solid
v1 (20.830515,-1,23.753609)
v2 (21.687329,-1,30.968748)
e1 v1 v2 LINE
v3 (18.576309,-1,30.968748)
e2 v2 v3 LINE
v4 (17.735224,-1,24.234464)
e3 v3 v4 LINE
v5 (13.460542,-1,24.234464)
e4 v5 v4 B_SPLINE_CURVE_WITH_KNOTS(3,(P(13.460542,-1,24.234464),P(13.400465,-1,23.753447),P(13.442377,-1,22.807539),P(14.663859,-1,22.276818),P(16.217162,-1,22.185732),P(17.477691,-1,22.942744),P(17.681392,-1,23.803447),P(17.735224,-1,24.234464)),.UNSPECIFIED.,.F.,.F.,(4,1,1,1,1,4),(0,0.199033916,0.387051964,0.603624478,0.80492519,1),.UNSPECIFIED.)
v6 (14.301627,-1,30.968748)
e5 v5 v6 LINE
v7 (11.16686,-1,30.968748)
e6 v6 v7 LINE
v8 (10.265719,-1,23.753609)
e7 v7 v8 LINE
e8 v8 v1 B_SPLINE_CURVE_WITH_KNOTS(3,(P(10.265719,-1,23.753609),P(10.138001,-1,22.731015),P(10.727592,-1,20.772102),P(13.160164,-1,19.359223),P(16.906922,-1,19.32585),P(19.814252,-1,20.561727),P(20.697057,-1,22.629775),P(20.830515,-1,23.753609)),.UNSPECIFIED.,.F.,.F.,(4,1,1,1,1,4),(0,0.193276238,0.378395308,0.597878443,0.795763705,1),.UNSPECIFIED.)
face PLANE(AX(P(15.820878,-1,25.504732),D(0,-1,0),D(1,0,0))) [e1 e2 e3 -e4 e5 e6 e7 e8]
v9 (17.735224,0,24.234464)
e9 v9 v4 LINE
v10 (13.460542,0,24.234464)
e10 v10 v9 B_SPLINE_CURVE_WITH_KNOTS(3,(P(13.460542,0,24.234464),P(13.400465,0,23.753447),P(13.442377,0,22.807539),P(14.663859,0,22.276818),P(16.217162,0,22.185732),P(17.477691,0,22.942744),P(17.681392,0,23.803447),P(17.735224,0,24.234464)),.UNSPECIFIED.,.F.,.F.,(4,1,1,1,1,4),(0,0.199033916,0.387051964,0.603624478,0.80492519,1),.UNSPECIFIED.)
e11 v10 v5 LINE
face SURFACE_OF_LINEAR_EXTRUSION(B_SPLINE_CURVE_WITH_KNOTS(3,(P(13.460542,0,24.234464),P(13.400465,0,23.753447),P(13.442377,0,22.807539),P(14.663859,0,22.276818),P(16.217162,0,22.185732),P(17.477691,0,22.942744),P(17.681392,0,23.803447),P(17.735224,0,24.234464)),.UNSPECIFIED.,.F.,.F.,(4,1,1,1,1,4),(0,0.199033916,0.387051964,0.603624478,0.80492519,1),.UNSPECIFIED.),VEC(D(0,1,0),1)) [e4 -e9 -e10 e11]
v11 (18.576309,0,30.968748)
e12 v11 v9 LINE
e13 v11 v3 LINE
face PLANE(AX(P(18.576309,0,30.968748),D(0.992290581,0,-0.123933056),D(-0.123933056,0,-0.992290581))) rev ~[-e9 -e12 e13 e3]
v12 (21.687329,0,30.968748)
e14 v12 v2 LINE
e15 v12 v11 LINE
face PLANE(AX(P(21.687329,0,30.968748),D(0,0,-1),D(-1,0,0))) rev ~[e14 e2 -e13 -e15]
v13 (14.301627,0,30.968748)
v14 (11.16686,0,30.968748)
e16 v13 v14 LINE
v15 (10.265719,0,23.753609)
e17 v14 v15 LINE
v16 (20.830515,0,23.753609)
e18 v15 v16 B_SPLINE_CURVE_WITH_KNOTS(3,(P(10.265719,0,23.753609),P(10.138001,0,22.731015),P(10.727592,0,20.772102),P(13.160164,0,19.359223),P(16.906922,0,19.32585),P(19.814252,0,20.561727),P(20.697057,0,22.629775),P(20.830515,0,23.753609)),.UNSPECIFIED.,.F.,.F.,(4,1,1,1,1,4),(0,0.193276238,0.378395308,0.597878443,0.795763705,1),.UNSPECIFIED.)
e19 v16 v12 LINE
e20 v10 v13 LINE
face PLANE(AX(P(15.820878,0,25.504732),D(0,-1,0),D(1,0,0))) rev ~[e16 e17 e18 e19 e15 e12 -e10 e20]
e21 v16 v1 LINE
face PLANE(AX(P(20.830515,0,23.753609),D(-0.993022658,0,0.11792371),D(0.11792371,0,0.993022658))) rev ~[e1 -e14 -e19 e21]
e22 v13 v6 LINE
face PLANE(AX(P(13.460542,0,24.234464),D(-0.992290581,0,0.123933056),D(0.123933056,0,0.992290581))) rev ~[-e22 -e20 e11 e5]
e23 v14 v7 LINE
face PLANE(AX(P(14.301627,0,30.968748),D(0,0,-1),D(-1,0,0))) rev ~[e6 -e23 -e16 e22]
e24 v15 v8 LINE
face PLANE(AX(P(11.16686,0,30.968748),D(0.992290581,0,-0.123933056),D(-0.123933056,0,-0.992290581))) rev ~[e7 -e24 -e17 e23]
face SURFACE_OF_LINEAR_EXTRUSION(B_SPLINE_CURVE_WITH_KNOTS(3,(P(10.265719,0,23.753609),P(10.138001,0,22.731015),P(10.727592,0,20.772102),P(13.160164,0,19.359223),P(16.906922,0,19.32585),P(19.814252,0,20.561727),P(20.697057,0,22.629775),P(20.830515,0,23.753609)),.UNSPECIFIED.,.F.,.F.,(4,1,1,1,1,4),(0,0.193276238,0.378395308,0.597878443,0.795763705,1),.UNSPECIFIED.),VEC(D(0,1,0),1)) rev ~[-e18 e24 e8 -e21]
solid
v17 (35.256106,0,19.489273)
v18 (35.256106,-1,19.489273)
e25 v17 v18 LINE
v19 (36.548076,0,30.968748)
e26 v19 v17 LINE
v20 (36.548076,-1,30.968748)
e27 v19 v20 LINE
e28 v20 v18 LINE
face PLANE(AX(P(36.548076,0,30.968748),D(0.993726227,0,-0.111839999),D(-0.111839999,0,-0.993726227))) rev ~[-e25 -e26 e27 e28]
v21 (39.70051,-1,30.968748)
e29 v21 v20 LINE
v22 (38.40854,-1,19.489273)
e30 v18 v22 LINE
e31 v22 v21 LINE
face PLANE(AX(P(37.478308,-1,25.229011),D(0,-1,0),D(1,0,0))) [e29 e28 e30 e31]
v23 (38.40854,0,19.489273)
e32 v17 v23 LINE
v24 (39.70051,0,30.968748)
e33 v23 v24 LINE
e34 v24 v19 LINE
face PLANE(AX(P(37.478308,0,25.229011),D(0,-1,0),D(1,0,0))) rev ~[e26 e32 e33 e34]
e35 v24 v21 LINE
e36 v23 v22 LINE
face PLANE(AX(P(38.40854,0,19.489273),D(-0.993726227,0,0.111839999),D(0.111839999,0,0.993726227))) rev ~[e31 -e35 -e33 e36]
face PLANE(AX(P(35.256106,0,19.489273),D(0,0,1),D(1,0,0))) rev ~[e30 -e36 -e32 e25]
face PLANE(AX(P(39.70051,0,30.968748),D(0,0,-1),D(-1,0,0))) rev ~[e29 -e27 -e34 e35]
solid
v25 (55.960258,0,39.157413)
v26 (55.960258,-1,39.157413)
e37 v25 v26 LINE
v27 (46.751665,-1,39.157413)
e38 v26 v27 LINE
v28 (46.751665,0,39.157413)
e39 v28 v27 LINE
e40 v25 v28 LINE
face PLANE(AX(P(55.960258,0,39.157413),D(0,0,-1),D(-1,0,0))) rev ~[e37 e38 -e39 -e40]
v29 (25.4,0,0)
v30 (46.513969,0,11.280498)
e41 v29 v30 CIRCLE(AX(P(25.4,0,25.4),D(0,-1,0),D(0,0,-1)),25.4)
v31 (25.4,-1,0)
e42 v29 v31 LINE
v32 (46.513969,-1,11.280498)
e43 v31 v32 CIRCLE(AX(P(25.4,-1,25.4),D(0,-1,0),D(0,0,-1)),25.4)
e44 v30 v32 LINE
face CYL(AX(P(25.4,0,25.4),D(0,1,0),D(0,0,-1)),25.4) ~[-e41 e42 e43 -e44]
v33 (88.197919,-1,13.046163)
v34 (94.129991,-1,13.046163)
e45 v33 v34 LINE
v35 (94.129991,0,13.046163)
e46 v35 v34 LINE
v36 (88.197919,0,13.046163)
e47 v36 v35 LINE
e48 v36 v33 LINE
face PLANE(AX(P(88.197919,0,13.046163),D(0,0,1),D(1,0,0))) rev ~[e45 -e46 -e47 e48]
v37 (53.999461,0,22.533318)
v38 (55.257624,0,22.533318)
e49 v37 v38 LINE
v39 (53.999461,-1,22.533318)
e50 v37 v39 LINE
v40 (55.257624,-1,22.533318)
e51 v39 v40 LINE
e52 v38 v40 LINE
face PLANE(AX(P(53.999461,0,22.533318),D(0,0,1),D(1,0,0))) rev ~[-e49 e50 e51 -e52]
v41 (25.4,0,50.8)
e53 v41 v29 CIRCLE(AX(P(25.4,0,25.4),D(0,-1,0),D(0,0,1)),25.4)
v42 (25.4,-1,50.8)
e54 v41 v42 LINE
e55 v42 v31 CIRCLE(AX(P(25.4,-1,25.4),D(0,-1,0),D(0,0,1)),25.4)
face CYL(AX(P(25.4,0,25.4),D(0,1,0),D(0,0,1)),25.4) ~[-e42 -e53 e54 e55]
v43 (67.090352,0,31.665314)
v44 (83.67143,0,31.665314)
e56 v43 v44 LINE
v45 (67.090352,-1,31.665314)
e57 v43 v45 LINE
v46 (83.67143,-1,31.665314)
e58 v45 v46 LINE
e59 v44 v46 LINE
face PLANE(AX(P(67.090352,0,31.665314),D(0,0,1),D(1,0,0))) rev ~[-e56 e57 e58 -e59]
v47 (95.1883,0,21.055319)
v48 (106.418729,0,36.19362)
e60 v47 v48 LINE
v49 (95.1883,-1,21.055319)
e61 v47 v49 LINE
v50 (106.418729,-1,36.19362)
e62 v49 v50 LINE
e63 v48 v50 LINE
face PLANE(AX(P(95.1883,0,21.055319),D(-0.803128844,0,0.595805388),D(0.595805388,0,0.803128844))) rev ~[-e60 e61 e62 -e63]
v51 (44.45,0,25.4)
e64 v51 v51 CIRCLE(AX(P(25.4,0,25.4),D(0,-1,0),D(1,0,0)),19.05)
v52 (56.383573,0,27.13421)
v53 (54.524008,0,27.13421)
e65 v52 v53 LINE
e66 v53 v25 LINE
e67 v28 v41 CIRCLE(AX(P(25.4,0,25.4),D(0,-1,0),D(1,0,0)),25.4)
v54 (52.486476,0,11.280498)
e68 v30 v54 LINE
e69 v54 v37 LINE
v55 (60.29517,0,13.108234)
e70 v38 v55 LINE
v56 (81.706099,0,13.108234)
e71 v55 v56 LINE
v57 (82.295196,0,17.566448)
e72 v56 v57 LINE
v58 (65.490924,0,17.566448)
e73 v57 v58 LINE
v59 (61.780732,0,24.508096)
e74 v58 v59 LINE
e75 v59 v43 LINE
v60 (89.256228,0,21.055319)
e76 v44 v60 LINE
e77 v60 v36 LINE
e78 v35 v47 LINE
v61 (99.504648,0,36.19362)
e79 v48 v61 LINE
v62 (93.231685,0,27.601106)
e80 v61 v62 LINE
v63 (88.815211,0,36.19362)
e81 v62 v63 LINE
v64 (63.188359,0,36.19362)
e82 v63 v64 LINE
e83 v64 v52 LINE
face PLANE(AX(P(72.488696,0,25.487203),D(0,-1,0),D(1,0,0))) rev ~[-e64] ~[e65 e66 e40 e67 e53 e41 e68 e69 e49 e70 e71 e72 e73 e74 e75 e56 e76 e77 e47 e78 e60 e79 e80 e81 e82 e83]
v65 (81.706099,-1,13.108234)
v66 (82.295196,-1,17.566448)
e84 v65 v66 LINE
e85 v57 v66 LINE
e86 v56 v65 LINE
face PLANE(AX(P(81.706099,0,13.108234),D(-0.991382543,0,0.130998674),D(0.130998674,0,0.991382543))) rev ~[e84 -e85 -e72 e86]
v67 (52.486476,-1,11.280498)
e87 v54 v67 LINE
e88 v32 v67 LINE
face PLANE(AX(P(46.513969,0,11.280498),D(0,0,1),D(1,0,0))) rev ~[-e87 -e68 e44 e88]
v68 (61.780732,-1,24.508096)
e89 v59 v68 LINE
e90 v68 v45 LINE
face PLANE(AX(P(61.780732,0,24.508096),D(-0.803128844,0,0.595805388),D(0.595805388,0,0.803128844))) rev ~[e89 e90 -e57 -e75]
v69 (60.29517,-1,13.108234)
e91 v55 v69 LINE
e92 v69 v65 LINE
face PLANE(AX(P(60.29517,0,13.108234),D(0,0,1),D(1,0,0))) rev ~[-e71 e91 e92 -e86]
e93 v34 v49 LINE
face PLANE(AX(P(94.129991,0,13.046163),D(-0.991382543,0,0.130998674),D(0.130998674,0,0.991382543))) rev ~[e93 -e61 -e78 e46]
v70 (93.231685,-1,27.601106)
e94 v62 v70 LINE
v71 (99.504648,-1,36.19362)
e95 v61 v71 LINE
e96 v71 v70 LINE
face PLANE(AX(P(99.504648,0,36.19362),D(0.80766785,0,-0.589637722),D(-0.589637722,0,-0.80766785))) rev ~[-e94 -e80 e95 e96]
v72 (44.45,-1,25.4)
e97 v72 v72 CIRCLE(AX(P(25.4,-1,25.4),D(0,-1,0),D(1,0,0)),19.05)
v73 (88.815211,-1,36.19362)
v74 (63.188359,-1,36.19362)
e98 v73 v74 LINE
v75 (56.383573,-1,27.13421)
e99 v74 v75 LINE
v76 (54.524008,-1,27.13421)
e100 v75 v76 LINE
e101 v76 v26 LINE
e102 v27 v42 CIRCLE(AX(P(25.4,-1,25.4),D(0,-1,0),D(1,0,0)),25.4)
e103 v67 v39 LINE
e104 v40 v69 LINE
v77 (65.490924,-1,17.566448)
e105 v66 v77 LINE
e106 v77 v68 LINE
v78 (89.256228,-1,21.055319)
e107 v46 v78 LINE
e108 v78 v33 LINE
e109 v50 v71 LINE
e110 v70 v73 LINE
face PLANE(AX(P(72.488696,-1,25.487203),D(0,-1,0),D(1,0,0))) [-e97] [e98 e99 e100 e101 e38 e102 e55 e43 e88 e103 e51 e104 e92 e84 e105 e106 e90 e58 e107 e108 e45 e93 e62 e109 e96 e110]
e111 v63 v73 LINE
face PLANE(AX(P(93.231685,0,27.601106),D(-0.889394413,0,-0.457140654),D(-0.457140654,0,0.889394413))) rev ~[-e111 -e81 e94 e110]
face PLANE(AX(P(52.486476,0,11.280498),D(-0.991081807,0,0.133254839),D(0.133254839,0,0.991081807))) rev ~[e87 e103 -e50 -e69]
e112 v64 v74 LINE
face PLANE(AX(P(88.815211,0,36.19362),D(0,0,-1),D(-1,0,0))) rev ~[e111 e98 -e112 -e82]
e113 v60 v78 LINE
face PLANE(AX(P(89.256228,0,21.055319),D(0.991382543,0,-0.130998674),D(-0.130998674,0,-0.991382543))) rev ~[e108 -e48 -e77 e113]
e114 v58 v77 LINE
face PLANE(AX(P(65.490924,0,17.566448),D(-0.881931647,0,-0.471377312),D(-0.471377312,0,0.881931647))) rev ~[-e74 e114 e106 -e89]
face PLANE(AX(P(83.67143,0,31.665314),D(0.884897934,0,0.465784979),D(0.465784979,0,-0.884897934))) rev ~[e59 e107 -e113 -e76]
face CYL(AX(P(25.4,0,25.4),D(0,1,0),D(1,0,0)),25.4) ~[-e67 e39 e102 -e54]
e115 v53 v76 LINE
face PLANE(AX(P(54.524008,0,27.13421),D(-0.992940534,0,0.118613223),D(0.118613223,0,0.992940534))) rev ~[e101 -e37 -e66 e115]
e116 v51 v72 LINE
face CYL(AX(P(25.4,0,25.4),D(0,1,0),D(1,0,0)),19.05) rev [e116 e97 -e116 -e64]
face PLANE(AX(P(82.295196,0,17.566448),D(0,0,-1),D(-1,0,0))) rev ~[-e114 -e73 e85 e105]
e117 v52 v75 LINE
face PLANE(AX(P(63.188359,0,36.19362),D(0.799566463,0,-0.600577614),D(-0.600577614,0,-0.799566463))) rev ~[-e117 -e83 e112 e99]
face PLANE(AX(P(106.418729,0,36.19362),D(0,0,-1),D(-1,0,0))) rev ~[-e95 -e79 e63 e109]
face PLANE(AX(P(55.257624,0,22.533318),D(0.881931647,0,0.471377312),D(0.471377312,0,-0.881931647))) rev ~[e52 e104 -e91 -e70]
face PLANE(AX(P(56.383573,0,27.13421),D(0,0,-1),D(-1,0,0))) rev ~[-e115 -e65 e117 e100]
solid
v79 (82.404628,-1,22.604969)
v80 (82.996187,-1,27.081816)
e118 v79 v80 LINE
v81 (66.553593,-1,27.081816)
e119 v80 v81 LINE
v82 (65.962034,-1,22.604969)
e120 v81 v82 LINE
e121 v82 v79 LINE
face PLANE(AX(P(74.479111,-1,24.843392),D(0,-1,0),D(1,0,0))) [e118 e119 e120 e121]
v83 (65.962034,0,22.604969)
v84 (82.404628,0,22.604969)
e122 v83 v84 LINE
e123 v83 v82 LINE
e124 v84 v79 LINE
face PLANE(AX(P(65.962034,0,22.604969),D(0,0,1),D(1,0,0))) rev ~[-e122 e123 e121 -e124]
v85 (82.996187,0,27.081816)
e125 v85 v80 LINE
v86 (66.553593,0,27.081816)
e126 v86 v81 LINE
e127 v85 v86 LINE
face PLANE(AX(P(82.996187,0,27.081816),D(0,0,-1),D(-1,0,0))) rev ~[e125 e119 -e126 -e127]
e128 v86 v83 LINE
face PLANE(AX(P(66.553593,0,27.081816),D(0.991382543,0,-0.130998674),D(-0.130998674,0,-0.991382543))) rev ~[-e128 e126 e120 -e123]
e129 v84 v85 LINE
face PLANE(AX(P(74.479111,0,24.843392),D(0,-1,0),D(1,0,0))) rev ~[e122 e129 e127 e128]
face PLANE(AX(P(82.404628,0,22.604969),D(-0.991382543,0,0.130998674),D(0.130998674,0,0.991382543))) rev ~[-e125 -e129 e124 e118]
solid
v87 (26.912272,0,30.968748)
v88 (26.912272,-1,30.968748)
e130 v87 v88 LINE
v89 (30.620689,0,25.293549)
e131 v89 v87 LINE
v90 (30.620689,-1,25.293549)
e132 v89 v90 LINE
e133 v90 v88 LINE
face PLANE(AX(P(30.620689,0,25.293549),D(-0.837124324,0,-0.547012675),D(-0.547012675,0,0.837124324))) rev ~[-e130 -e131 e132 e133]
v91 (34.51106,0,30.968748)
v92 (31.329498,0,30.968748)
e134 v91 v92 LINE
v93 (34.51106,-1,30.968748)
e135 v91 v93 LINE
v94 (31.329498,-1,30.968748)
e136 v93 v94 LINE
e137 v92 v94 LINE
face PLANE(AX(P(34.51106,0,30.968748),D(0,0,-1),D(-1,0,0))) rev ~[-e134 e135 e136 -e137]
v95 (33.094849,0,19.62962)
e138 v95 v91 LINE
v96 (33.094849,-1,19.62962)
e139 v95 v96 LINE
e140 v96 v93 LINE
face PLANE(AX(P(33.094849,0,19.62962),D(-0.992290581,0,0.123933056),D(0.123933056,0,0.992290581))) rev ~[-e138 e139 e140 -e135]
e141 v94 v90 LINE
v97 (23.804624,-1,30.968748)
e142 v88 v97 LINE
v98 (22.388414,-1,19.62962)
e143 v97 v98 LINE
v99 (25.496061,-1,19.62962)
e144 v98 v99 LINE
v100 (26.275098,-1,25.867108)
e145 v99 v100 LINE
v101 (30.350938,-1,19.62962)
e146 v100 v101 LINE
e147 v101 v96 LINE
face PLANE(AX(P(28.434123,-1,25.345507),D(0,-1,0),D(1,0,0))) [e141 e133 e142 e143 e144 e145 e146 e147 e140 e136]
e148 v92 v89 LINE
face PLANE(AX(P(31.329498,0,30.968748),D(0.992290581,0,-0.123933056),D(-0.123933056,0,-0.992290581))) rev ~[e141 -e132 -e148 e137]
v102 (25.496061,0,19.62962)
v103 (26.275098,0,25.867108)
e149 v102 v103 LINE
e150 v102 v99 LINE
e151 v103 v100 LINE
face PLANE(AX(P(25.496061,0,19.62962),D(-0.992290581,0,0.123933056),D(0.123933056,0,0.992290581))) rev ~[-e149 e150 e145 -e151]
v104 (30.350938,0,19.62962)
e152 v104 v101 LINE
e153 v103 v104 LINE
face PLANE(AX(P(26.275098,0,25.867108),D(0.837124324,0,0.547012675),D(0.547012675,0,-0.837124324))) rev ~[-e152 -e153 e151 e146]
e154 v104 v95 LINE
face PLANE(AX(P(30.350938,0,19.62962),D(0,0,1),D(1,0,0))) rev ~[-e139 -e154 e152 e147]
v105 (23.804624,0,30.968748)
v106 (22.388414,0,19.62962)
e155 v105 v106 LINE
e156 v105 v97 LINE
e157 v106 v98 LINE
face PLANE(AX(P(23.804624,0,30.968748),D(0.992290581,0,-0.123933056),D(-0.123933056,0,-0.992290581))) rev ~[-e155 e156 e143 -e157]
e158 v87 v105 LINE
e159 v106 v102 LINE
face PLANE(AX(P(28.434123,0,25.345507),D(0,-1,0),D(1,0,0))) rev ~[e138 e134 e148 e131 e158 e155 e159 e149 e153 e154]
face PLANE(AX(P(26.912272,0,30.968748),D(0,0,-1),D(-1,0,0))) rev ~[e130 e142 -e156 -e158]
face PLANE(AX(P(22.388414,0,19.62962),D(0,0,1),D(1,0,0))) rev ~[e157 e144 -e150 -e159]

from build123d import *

# Parameters (mm, degrees)
F2_DEPTH = 1
F1_R     = 19.05


with BuildPart() as f2:
    # F1 (on Front) → F2 (new body)
    with BuildSketch(Plane.XZ):
        Polygon((82.9961871263, 27.0818155259), (66.5535926819, 27.0818155259), (65.9620339516, 22.6049686938), (82.404628396, 22.6049686938), align=None)
    extrude(amount=F2_DEPTH)


with BuildPart() as f2b:
    # F1 (on Front) → F2, piece 2 (new body)
    with BuildSketch(Plane.XZ):
        with BuildLine():
            ThreePointArc((46.7516648161, 39.1574128956), (49.7669067213, 32.5703456566), (50.8, 25.4))
            ThreePointArc((50.8, 25.4), (49.7048843477, 18.0221549998), (46.5139687522, 11.2804984674))
            Line((46.5139687522, 11.2804984674), (52.4864755571, 11.2804984674))
            Line((52.4864755571, 11.2804984674), (53.9994613201, 22.5333180279))
            Line((53.9994613201, 22.5333180279), (55.2576243713, 22.5333180279))
            Line((55.2576243713, 22.5333180279), (60.2951698917, 13.1082339212))
            Line((60.2951698917, 13.1082339212), (81.7060988754, 13.1082339212))
            Line((81.7060988754, 13.1082339212), (82.295195533, 17.5664480776))
            Line((82.295195533, 17.5664480776), (65.4909238219, 17.5664480776))
            Line((65.4909238219, 17.5664480776), (61.780732125, 24.5080962777))
            Line((61.780732125, 24.5080962777), (67.0903518244, 31.6653137458))
            Line((67.0903518244, 31.6653137458), (83.6714297758, 31.6653137458))
            Line((83.6714297758, 31.6653137458), (89.2562275008, 21.0553194691))
            Line((89.2562275008, 21.0553194691), (88.1979187112, 13.0461631343))
            Line((88.1979187112, 13.0461631343), (94.1299913311, 13.0461631343))
            Line((94.1299913311, 13.0461631343), (95.1883001206, 21.0553194691))
            Line((95.1883001206, 21.0553194691), (106.4187288825, 36.1936204135))
            Line((106.4187288825, 36.1936204135), (99.5046484973, 36.1936204135))
            Line((99.5046484973, 36.1936204135), (93.2316854596, 27.6011060923))
            Line((93.2316854596, 27.6011060923), (88.8152111079, 36.1936204135))
            Line((88.8152111079, 36.1936204135), (63.1883591413, 36.1936204135))
            Line((63.1883591413, 36.1936204135), (56.3835725188, 27.1342098713))
            Line((56.3835725188, 27.1342098713), (54.5240081847, 27.1342098713))
            Line((54.5240081847, 27.1342098713), (55.960258209, 39.1574128956))
            Line((55.960258209, 39.1574128956), (46.7516648161, 39.1574128956))
        make_face()
        with BuildLine():
            ThreePointArc((46.5139687522, 11.2804984674), (49.7048843477, 18.0221549998), (50.8, 25.4))
            ThreePointArc((50.8, 25.4), (49.7669067213, 32.5703456566), (46.7516648161, 39.1574128956))
            ThreePointArc((46.7516648161, 39.1574128956), (37.5598049419, 47.7002050164), (25.4, 50.8))
            ThreePointArc((25.4, 50.8), (0, 25.4), (25.4, 0))
            ThreePointArc((25.4, 0), (37.369224308, 2.9969272316), (46.5139687522, 11.2804984674))
        make_face()
        with Locations((25.4, 25.4)):
            Circle(F1_R, mode=Mode.SUBTRACT)
    extrude(amount=F2_DEPTH)


with BuildPart() as f2c:
    # F1 (on Front) → F2, piece 3 (new body)
    with BuildSketch(Plane.XZ):
        Polygon((23.8046244951, 30.968748033), (22.3884135485, 19.6296200156), (25.4960613407, 19.6296200156), (26.2750982098, 25.867108018), (30.3509384394, 19.6296200156), (33.0948494375, 19.6296200156), (34.5110603841, 30.968748033), (31.3294984272, 30.968748033), (30.6206891305, 25.2935487457), (26.9122722874, 30.968748033), align=None)
    extrude(amount=F2_DEPTH)


with BuildPart() as f2d:
    # F1 (on Front) → F2, piece 4 (new body)
    with BuildSketch(Plane.XZ):
        with BuildLine():
            Line((20.8305145293, 23.7536086845), (21.6873288155, 30.968748033))
            Line((21.6873288155, 30.968748033), (18.5763090849, 30.968748033))
            Line((18.5763090849, 30.968748033), (17.7352244653, 24.2344644173))
            add(Edge.make_bspline(
                [(13.4605423235, 24.2344644173), (13.4004651698, 23.7534467142), (13.442377269, 22.8075392295), (14.6638588286, 22.2768183453), (16.217162271, 22.1857318889), (17.4776914113, 22.9427442388), (17.6813921624, 23.803447148), (17.7352244653, 24.2344644173)],
                knots=[0, 0, 0, 0, 0.1990339161, 0.3870519636, 0.6036244782, 0.8049251901, 1, 1, 1, 1], degree=3))
            Line((13.4605423235, 24.2344644173), (14.3016269431, 30.968748033))
            Line((14.3016269431, 30.968748033), (11.1668603495, 30.968748033))
            Line((11.1668603495, 30.968748033), (10.2657188057, 23.7536086845))
            add(Edge.make_bspline(
                [(10.2657188057, 23.7536086845), (10.1380010349, 22.7310151535), (10.727591852, 20.7721022488), (13.1601639773, 19.3592225237), (16.9069217065, 19.3258496174), (19.8142521895, 20.5617271867), (20.6970567317, 22.6297751743), (20.8305145293, 23.7536086845)],
                knots=[0, 0, 0, 0, 0.1932762379, 0.3783953082, 0.597878443, 0.7957637049, 1, 1, 1, 1], degree=3))
        make_face()
    extrude(amount=F2_DEPTH)


with BuildPart() as f2e:
    # F1 (on Front) → F2, piece 5 (new body)
    with BuildSketch(Plane.XZ):
        Polygon((39.7005101856, 30.968748033), (36.5480764028, 30.968748033), (35.2561064065, 19.489273097), (38.4085401893, 19.489273097), align=None)
    extrude(amount=F2_DEPTH)


solid = Compound([f2.part, f2b.part, f2c.part, f2d.part, f2e.part])
